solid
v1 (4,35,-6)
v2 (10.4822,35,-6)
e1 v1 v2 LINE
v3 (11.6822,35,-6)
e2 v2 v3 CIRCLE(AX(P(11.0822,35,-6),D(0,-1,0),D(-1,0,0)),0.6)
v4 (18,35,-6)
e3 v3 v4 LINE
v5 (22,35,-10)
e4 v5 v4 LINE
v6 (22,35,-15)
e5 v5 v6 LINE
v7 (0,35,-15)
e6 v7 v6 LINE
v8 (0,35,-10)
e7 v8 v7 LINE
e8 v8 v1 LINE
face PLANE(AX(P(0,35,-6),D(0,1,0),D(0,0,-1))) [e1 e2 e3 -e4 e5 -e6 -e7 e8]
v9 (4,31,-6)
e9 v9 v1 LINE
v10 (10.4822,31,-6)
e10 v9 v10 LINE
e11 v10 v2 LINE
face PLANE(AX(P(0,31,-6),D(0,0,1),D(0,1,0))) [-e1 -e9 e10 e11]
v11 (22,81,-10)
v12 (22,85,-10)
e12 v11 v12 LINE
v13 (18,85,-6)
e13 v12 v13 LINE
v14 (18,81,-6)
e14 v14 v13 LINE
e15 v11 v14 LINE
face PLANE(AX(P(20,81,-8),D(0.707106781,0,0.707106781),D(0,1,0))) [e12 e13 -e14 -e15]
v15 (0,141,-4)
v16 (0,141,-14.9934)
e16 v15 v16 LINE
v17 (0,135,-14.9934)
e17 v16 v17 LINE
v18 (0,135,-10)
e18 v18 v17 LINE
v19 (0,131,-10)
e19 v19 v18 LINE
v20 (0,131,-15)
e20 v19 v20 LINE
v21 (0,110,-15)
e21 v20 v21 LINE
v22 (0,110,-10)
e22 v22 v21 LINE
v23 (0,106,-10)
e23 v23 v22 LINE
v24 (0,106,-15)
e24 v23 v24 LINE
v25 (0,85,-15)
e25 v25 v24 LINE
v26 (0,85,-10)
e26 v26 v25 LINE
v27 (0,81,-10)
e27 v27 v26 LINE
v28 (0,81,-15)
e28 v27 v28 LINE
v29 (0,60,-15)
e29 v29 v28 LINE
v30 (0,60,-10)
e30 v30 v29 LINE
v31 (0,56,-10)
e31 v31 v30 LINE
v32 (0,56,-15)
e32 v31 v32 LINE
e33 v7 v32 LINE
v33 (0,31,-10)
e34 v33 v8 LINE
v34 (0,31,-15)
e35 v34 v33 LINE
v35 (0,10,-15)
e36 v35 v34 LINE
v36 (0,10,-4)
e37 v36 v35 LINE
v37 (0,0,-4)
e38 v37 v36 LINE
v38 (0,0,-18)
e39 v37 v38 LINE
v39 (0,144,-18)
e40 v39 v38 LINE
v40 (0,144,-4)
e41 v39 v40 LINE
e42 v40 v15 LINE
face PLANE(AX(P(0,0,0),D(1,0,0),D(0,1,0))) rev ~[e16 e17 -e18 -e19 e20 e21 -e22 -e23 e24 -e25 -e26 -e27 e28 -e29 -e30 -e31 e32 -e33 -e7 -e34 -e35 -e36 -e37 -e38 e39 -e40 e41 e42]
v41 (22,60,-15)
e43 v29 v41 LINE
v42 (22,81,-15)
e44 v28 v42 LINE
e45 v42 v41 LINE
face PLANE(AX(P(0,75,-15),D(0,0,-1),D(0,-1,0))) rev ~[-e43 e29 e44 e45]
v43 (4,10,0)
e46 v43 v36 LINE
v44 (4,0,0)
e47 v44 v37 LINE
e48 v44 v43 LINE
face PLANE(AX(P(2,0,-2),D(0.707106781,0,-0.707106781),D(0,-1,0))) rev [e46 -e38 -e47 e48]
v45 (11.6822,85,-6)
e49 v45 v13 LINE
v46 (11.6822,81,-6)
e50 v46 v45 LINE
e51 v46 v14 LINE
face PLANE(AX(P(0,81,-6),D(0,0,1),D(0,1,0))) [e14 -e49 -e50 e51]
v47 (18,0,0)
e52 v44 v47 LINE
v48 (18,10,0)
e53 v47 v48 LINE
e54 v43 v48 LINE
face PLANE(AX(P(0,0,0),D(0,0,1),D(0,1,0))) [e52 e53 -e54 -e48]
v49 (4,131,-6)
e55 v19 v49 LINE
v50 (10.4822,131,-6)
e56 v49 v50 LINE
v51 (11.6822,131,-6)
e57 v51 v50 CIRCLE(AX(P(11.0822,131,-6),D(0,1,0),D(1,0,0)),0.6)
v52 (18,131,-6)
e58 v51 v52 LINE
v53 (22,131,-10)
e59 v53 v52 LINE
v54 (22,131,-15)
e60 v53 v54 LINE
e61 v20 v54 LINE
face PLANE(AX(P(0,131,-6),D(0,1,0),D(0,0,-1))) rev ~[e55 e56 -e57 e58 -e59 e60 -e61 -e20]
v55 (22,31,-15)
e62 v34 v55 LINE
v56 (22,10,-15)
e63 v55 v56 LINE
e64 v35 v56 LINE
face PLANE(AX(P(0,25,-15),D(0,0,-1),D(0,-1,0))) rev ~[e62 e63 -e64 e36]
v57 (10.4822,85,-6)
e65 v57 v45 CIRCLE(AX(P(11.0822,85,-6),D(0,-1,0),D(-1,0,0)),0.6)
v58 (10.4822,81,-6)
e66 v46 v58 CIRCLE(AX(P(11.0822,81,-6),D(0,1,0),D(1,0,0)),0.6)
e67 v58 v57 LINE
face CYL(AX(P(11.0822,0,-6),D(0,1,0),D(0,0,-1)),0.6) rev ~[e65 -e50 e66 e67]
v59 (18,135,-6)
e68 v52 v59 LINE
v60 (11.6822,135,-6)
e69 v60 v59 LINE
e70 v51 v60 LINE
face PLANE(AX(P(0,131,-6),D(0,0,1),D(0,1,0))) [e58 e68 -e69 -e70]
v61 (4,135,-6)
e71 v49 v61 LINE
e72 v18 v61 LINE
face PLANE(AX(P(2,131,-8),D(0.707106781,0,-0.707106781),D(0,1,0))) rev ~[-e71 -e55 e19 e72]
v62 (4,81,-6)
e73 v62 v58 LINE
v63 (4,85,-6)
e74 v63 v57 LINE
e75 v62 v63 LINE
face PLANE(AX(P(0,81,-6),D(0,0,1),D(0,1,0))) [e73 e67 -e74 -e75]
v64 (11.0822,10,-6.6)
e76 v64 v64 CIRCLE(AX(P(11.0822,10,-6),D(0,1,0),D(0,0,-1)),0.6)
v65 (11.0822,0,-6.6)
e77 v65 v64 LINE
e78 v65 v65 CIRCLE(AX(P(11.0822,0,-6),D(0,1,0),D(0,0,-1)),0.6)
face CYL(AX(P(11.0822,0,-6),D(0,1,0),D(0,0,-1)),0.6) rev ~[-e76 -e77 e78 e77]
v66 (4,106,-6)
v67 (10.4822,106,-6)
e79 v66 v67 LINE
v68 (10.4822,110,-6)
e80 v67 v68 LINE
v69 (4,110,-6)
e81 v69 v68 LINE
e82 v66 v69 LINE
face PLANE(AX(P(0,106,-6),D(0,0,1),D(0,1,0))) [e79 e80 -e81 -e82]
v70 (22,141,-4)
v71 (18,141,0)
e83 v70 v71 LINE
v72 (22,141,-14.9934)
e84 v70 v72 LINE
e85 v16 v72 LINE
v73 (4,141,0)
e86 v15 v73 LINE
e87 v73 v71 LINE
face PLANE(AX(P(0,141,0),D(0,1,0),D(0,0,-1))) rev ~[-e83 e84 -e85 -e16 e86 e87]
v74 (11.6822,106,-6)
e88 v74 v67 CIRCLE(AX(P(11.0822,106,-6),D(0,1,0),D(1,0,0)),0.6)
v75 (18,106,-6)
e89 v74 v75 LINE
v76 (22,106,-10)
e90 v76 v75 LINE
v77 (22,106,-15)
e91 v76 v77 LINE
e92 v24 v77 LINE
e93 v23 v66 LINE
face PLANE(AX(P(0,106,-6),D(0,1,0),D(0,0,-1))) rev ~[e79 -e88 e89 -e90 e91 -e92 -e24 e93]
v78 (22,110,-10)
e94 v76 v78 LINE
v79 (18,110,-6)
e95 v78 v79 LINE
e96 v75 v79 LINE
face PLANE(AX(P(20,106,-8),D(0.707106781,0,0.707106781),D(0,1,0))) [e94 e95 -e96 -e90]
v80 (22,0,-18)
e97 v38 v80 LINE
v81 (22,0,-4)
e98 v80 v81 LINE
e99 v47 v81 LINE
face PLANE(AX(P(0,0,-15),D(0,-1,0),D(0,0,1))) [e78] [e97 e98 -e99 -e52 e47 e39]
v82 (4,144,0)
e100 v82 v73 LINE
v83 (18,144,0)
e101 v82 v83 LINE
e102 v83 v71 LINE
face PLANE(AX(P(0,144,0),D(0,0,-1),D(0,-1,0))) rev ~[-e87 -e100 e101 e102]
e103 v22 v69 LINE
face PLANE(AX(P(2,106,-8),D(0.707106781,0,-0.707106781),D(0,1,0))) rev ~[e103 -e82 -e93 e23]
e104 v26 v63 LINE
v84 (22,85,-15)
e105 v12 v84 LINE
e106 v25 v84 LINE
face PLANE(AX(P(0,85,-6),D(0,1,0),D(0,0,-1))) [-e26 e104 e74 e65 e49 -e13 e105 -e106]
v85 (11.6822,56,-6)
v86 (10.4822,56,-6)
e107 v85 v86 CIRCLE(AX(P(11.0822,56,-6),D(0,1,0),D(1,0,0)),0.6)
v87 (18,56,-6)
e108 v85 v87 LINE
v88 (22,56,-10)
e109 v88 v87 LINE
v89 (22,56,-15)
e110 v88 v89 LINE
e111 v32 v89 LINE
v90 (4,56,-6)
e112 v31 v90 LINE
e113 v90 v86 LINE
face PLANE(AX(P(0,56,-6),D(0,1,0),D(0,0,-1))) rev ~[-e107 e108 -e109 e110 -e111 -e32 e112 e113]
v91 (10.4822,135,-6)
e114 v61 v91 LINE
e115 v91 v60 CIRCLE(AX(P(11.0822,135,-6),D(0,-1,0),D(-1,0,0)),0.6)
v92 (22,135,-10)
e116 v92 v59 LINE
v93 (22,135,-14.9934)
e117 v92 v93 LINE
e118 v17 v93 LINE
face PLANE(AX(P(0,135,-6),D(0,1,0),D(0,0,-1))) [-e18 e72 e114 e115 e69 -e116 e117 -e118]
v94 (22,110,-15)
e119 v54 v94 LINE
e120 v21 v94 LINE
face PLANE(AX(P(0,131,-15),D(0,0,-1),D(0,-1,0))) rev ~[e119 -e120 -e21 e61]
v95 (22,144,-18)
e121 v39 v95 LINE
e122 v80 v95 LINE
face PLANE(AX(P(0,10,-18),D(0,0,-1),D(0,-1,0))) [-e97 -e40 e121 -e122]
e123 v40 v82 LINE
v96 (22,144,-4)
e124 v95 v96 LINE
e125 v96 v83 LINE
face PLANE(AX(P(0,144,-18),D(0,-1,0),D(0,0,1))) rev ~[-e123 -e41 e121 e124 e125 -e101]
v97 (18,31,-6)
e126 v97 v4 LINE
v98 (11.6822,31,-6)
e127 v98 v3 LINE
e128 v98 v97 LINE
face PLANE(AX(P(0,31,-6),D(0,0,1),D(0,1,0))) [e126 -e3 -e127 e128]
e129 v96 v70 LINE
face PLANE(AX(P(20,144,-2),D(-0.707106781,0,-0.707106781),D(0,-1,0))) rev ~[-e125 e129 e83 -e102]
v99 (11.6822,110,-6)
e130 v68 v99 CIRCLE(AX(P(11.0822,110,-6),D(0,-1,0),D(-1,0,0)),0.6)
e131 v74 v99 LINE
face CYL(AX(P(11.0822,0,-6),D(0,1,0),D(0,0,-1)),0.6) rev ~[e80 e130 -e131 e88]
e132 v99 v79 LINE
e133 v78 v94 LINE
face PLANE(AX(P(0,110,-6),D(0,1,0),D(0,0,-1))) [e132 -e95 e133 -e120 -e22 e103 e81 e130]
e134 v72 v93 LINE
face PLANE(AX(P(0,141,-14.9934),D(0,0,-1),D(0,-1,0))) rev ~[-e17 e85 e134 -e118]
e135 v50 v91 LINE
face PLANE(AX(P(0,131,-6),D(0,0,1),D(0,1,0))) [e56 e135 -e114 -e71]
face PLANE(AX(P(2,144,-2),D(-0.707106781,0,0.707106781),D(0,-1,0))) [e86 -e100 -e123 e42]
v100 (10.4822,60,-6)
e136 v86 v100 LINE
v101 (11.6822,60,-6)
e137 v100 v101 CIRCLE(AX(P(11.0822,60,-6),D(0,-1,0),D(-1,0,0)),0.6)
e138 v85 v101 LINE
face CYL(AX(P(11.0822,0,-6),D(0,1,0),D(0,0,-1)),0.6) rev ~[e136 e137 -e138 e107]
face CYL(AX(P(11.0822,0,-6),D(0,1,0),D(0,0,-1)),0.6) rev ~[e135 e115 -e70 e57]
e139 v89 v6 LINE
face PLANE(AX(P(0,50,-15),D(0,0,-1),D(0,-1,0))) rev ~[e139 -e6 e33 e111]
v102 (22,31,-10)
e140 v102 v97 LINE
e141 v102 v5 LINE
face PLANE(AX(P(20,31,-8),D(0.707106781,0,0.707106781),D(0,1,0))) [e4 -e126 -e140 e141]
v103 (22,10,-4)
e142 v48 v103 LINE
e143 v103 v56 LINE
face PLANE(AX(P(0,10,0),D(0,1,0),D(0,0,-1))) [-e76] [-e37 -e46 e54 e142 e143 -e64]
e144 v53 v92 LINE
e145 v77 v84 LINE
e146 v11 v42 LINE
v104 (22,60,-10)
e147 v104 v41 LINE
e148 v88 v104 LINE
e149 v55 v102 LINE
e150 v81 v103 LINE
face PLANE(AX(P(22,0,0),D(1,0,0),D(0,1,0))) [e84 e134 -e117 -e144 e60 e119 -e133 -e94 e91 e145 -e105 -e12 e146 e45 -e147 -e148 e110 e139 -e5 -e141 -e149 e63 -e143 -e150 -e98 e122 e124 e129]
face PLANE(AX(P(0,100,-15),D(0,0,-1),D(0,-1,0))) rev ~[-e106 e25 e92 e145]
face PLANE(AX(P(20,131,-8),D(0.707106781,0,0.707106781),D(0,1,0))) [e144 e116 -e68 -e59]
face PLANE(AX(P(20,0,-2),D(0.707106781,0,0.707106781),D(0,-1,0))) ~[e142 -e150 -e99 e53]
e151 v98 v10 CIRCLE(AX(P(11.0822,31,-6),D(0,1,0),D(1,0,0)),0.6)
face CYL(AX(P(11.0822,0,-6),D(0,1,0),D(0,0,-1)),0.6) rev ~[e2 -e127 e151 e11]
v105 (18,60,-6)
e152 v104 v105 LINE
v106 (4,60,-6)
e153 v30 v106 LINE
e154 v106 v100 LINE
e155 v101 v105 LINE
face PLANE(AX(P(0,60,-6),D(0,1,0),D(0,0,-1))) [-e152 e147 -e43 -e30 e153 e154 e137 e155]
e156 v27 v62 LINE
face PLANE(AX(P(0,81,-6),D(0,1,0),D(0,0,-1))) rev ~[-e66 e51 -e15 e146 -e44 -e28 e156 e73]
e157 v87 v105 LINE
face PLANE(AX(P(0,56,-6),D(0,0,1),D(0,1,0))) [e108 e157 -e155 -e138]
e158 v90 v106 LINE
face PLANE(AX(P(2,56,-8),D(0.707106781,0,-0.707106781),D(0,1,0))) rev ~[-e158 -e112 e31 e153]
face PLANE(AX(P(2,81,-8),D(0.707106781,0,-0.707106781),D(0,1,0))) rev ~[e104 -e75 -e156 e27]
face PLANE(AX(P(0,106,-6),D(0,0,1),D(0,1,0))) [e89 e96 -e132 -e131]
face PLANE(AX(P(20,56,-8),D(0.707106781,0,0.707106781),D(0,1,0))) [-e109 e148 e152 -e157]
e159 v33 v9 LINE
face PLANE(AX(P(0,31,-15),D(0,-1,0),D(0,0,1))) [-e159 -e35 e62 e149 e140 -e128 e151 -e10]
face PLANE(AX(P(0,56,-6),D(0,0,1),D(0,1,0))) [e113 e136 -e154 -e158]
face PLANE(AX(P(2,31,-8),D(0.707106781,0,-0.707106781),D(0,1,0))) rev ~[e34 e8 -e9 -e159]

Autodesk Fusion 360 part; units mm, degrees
sketch "Sketch1" plane through (0, 0, 0) normal (1, 0, 0) x (0, 1, 0)
  line L0 (0, 0) -> (10, 0)
  line L1 (10, 0) -> (10, -18)
  line L2 (10, -18) -> (0, -18)
  line L3 (0, -18) -> (0, 0)
  line L4 (0, -18) -> (35, -18)
  line L5 (35, -18) -> (35, -15)
  line L6 (35, -15) -> (0, -15)
  line L7 (0, -15) -> (0, -18)
  line L8 (35, -18) -> (31, -18)
  line L9 (31, -18) -> (31, -6)
  line L10 (31, -6) -> (35, -6)
  line L11 (35, -6) -> (35, -18)
  line L12 (10, 0) -> (31, 0)
  line L13 (31, 0) -> (31, -15)
  line L14 (31, -15) -> (10, -15)
  line L15 (10, -15) -> (10, 0)
  line L16 (35, 0) -> (56, 0)
  line L17 (60, -6) -> (60, -18)
  line L18 (56, -6) -> (60, -6)
  line L19 (56, 0) -> (56, -15)
  line L20 (56, -18) -> (56, -6)
  line L21 (60, -18) -> (56, -18)
  line L22 (25, -18) -> (60, -18)
  line L23 (60, -15) -> (25, -15)
  line L24 (35, -15) -> (35, 0)
  line L25 (35, 0) -> (35, -18)
  line L26 (60, 0) -> (81, 0)
  line L27 (85, -6) -> (85, -18)
  line L28 (81, -6) -> (85, -6)
  line L29 (81, 0) -> (81, -15)
  line L30 (81, -18) -> (81, -6)
  line L31 (85, -18) -> (81, -18)
  line L32 (50, -18) -> (85, -18)
  line L33 (85, -15) -> (50, -15)
  line L34 (60, -15) -> (60, 0)
  line L35 (60, 0) -> (60, -18)
  line L36 (85, 0) -> (106, 0)
  line L37 (110, -6) -> (110, -18)
  line L38 (106, -6) -> (110, -6)
  line L39 (106, 0) -> (106, -15)
  line L40 (106, -18) -> (106, -6)
  line L41 (110, -18) -> (106, -18)
  line L42 (75, -18) -> (110, -18)
  line L43 (110, -15) -> (75, -15)
  line L44 (85, -15) -> (85, 0)
  line L45 (85, 0) -> (85, -18)
  line L46 (110, 0) -> (131, 0)
  line L47 (135, -6) -> (135, -18)
  line L48 (131, -6) -> (135, -6)
  line L49 (131, 0) -> (131, -15)
  line L50 (131, -18) -> (131, -6)
  line L51 (135, -18) -> (131, -18)
  line L52 (100, -18) -> (135, -18)
  line L53 (135, -15) -> (100, -15)
  line L54 (110, -15) -> (110, 0)
  line L55 (110, 0) -> (110, -18)
  line L56 (135, -18) -> (141, -18)
  line L57 (141, -18) -> (141, -14.9934)
  line L58 (141, -14.9934) -> (135, -14.9934)
  line L59 (135, -14.9934) -> (135, -18)
  line L60 (141, -18) -> (144, -18)
  line L61 (144, -18) -> (144, 0)
  line L62 (144, 0) -> (141, 0)
  line L63 (141, 0) -> (141, -18)
  dimension "d1" = 10
  dimension "d2" = 18
  dimension "d3" = 35
  dimension "d4" = 3
  dimension "d5" = 4
  dimension "d6" = 12
  dimension "d17" = 21
  dimension "d20" = 100
  dimension "d21" = 0
  dimension "d22" = 6
  dimension "d23" = 3
  dimension "d24" = 18
extrude "Extrude1" add sketch "Sketch1" along normal blind 22 contours L0 L1 L3 L6 L15 | L1 L2 L3 L4 L6 L7 | L1 L4 L6 L9 L14 L22 L23 | L6 L9 L10 L11 L13 L23 L24 L25 | L4 L5 L6 L8 L9 L11 L22 L23 L25 | L5 L11 L20 L22 L23 L25 L32 L33 | L17 L20 L21 L22 L23 L32 L33 L35 | L17 L18 L19 L20 L23 L33 L34 L35 | L17 L30 L32 L33 L35 L42 L43 | L27 L30 L31 L32 L33 L42 L43 L45 | L27 L28 L29 L30 L33 L43 L44 L45 | L27 L40 L42 L43 L45 L52 L53 | L37 L40 L41 L42 L43 L52 L53 L55 | L37 L38 L39 L40 L43 L53 L54 L55 | L37 L50 L52 L53 L55 | L47 L50 L51 L52 L53 L59 | L47 L48 L49 L50 L53 L59 | L47 L56 L57 L58 L59 L63 | L57 L60 L61 L62 L63
sketch "Sketch2" plane through (0, 0, 0) normal (0, -1, 0) x (1, 0, 0)
  line L0 (0, 0) -> (0, -18)
  line L1 (0, -18) -> (22, -18)
  line L2 (22, -18) -> (22, 0)
  line L3 (22, 0) -> (0, 0)
  line L4 (0, 0) -> (22.1644, 0)
  line L5 (22.1644, 0) -> (22.1644, -6)
  line L6 (22.1644, -6) -> (0, -6)
  line L7 (0, -6) -> (0, 0)
  circle A0 centre (11.0822, -6) radius 0.5
  dimension "d9" = 6
  dimension "d10" = 1
hole "Hole1" at (11.0822, 0, -6) direction (0, 1, 0) diameter 1.2 depth 136 tip angle 140
chamfer "Chamfer1" distance 4 angle 45 14 edges at (0, 5, 0) (22, 5, 0) (0, 33, -6) (22, 33, -6) (22, 58, -6) (0, 58, -6) (0, 83, -6) (22, 83, -6) (0, 108, -6) (0, 133, -6) (22, 133, -6) (22, 108, -6) (22, 142.5, 0) (0, 142.5, 0)
